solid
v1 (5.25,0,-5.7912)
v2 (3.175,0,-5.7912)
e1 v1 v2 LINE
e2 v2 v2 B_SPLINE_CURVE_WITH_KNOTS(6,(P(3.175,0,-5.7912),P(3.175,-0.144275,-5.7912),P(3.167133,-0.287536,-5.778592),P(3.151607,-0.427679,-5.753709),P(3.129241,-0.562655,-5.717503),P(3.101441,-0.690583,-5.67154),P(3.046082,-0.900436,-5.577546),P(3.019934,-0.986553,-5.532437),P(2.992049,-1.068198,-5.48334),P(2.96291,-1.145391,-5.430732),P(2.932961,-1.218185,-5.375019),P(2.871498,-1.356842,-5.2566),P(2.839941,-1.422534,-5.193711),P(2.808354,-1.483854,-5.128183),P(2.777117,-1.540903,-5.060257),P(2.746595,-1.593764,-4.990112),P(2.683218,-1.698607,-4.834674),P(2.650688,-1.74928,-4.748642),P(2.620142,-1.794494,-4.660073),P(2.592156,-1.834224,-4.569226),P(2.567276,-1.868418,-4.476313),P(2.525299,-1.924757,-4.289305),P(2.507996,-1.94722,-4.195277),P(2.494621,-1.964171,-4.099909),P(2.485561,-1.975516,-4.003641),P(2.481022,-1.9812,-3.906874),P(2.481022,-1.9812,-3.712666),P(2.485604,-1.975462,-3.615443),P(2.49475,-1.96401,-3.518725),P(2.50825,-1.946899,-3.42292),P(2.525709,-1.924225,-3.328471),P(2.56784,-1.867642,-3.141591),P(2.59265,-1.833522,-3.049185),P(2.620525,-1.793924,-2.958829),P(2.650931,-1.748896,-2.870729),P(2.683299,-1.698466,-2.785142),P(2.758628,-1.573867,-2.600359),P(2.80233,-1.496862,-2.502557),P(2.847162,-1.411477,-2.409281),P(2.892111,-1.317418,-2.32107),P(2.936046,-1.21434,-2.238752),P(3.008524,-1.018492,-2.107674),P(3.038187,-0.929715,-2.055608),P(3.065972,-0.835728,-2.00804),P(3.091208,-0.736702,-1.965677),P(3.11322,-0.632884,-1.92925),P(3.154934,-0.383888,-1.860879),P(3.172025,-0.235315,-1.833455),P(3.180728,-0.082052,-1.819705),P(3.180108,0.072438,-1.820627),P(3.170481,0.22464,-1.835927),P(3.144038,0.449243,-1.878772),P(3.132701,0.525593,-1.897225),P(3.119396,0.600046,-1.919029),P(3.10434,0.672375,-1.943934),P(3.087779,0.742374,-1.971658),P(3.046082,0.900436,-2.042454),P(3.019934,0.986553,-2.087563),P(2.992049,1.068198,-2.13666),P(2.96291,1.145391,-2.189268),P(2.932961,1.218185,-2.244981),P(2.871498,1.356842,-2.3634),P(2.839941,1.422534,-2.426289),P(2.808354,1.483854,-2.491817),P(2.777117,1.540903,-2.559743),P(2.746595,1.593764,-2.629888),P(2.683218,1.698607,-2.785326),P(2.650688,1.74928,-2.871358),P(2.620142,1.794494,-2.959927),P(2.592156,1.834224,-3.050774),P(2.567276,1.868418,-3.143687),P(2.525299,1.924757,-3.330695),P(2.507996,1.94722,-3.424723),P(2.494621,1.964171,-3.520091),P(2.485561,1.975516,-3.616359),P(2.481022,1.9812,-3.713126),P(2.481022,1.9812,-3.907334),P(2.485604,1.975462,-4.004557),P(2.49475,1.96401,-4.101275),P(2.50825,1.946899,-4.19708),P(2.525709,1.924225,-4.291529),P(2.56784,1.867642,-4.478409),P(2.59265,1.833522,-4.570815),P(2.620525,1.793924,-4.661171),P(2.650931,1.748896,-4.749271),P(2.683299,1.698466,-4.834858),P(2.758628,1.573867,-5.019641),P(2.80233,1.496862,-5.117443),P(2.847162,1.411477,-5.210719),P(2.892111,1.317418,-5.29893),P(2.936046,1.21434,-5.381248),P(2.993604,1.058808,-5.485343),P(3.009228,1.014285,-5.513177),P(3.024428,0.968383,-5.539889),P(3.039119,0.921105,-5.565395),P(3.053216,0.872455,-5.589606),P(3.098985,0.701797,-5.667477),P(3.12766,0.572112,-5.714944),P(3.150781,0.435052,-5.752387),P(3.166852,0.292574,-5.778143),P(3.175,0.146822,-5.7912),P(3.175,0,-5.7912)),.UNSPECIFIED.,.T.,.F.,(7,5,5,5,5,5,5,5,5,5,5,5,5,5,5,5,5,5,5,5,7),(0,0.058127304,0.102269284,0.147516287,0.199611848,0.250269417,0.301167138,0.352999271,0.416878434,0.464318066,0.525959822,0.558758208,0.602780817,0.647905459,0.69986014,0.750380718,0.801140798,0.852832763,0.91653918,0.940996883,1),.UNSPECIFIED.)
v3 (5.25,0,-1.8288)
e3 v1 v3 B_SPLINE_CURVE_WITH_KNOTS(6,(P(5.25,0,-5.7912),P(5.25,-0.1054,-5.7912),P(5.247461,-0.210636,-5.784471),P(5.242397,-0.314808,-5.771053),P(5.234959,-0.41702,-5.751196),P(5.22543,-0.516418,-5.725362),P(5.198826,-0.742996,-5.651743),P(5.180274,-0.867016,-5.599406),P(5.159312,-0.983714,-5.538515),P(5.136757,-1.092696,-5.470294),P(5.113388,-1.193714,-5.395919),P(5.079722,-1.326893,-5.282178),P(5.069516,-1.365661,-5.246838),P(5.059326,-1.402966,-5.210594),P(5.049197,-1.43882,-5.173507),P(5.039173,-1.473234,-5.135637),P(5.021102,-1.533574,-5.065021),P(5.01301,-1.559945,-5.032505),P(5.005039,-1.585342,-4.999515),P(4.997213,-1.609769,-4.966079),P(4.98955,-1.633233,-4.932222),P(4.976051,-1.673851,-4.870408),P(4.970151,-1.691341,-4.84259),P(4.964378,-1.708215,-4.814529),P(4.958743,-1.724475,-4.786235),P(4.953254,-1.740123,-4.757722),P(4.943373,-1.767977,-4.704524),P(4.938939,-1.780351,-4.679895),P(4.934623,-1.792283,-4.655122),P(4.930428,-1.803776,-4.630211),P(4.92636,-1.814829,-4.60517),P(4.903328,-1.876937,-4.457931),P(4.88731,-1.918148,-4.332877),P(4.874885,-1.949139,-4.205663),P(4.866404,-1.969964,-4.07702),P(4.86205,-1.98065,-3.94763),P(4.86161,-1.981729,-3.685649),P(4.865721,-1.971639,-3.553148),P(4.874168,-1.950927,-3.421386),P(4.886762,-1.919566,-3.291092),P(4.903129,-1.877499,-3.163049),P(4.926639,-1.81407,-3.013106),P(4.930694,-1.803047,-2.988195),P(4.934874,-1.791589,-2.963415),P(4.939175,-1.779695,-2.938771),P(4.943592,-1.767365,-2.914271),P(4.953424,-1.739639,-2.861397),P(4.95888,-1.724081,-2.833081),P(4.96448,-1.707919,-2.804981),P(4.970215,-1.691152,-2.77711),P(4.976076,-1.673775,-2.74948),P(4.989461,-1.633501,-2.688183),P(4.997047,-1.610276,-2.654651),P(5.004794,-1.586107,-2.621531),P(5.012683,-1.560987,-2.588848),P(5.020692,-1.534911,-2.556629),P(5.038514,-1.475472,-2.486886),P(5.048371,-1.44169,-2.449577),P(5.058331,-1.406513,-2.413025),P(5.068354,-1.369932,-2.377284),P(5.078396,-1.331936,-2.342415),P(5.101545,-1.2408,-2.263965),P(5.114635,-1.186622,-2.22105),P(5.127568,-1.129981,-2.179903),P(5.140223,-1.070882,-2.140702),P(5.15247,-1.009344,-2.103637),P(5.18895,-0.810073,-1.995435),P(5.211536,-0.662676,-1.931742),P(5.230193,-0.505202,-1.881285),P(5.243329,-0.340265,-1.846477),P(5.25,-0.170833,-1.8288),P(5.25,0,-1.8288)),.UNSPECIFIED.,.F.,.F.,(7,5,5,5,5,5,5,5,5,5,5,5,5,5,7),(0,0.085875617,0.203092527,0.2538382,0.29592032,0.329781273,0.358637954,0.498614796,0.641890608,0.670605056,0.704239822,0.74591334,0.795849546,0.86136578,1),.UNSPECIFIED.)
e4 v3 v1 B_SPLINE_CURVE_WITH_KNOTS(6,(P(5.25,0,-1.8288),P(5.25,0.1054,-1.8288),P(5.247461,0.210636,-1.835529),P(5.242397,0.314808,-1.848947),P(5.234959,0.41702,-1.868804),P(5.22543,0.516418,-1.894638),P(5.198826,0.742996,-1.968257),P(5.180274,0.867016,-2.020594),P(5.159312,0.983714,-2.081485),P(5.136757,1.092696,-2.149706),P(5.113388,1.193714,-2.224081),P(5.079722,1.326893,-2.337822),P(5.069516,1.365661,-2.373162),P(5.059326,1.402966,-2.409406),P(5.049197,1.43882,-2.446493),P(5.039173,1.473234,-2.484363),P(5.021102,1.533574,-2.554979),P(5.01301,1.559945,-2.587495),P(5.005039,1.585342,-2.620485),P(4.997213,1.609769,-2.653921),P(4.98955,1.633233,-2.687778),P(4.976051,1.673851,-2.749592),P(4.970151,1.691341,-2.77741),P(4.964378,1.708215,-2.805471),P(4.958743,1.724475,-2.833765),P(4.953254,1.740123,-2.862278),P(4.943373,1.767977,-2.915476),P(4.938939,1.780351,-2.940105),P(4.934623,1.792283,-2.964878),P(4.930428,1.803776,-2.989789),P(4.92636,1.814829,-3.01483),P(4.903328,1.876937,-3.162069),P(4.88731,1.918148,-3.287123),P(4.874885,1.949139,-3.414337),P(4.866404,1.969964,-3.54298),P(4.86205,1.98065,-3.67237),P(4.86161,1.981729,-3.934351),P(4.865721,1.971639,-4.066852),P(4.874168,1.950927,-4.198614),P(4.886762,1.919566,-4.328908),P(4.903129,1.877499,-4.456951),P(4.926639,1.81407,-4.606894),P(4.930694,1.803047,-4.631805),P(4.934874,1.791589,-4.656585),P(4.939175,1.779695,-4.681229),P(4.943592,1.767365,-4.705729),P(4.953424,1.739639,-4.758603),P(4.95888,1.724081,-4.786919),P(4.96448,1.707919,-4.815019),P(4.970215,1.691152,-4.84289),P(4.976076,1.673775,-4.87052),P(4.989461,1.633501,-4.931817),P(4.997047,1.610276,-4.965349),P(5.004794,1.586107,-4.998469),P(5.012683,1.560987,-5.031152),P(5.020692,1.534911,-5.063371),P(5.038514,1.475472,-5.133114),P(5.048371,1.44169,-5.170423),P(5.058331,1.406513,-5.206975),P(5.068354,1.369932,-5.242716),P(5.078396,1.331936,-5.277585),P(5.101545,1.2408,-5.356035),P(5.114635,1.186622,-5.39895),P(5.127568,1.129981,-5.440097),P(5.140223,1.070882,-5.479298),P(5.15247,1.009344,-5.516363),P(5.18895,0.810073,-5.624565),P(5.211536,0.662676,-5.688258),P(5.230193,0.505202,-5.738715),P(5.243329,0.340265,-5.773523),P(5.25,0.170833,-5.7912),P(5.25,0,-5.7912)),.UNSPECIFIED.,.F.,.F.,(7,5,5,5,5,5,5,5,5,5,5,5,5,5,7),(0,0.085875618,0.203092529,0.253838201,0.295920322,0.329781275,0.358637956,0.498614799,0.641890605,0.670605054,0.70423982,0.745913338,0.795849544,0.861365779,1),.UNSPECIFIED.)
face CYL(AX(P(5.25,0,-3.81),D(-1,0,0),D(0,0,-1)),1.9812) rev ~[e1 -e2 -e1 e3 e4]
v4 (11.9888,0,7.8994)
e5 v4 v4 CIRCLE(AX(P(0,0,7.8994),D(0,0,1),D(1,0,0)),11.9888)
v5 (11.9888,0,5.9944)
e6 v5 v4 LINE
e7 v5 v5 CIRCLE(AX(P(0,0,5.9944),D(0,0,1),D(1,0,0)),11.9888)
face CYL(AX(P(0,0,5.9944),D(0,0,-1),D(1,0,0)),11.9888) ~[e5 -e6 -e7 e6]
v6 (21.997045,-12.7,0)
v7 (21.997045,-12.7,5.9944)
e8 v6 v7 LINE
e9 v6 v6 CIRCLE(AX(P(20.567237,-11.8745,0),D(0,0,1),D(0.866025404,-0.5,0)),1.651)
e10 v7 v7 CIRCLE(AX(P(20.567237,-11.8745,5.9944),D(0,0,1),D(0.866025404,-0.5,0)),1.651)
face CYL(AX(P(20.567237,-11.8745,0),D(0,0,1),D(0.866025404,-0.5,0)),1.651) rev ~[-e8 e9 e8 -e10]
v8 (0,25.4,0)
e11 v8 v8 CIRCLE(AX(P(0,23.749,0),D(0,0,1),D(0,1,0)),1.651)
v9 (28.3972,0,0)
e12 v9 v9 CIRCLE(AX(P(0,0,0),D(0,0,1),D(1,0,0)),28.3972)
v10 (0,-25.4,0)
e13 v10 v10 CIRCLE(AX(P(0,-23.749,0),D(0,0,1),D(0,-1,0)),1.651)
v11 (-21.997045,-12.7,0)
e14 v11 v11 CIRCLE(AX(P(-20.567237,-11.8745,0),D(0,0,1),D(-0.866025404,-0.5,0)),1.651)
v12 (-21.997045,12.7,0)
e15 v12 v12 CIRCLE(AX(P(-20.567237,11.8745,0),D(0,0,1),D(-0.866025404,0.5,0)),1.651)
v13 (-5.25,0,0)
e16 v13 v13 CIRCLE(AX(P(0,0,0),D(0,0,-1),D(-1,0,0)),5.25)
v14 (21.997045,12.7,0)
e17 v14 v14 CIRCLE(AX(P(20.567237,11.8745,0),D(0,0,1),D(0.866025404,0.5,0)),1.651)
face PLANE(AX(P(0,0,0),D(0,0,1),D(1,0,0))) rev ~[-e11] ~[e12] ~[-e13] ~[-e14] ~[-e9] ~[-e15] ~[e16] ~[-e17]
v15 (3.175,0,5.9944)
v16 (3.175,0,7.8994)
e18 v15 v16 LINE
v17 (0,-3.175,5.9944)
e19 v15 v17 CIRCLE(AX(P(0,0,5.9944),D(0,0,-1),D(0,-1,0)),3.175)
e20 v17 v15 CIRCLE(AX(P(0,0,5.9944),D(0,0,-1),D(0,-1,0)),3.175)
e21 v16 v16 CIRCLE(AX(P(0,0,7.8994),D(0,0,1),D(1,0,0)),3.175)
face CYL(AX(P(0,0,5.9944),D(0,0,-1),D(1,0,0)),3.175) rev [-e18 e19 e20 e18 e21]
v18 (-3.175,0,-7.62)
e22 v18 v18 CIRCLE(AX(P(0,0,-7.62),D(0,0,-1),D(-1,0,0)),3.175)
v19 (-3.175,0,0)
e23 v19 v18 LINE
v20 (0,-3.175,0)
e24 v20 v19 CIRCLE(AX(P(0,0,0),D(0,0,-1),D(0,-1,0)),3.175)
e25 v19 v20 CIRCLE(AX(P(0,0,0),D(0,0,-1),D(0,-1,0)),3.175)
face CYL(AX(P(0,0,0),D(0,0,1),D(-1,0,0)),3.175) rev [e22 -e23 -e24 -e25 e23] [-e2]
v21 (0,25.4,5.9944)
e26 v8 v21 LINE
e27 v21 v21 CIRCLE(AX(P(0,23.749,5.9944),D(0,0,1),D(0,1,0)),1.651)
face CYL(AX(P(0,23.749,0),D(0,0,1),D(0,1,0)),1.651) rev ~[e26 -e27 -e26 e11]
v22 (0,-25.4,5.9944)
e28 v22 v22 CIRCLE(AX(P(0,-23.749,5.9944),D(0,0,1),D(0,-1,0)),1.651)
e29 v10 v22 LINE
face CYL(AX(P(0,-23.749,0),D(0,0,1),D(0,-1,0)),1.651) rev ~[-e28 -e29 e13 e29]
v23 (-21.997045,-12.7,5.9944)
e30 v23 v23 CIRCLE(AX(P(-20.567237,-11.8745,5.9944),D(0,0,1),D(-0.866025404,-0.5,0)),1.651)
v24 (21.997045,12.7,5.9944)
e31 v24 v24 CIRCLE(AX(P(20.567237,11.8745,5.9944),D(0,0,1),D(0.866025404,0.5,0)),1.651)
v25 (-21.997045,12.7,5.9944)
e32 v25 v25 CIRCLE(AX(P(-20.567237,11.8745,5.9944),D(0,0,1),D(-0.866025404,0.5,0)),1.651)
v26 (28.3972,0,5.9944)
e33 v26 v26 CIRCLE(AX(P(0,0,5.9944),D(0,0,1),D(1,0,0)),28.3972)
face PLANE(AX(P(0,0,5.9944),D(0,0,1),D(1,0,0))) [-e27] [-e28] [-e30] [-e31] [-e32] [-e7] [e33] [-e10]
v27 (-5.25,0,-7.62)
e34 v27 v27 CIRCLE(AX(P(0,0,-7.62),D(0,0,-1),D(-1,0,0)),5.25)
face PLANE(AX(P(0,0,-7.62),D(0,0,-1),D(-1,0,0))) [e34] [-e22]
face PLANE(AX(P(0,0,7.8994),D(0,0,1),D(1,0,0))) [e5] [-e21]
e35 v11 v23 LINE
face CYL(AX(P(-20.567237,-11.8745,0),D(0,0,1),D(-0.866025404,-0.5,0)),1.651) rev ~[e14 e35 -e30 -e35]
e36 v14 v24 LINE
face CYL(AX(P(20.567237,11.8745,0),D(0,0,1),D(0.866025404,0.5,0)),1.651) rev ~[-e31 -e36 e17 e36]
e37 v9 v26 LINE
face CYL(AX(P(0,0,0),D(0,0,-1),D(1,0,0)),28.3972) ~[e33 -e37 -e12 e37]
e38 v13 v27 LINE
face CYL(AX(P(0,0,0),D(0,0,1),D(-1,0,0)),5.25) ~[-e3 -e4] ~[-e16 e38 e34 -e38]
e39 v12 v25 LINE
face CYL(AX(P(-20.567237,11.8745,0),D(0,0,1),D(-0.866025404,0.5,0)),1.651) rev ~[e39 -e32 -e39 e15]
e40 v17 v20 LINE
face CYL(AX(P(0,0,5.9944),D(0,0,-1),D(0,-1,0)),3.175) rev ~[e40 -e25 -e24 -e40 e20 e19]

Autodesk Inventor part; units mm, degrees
ref_plane "YZ Plane" through (0, 0, 0) normal (1, 0, 0) x (0, 1, 0)
ref_plane "XZ Plane" through (0, 0, 0) normal (0, 1, 0) x (-1, 0, 0)
sketch "Sketch1" plane through (0, 0, 0) normal (0, 0, 1) x (1, 0, 0)
  circle A0 centre (0, 0) radius 28.3972
  dimension "d0" = 56.7944
extrude "Extrusion1" add sketch "Sketch1" along normal blind 5.9944
sketch "Sketch2" plane through (0, 0, 5.9944) normal (0, 0, 1) x (1, 0, 0)
  point P0 (0, 0)
  point P1 (0, 0)
hole "Hole1" at (0, 0, 5.9944) direction (0, 0, -1) diameter 6.35 depth 5.9944
sketch "Sketch3" plane through (0, 0, 0) normal (0, 0, -1) x (-1, 0, 0)
  circle A0 centre (0, 0) radius 3.175 construction
  line L0 (0, 0) -> (0, 23.749) construction
  dimension "d10" = 23.749
hole "Hole2" at (0, 23.749, 0) direction (0, 0, 1) diameter 3.302 depth 12.2936 tip angle 118 thread size "8-32 UNC" class "2B" standard "ANSI Unified Screw Threads"
pattern_circular "Circular Pattern1" count 6 over 360 about axis through (0, 0, 2.9972) along (0, 0, 1) of "Hole2"
sketch "Sketch4" plane through (0, 0, 5.9944) normal (0, 0, 1) x (1, 0, 0)
  circle A0 centre (0, 0) radius 3.175 projected
  circle A1 centre (0, 0) radius 11.9888
  dimension "d22" = 23.9776
extrude "Extrusion2" add sketch "Sketch4" along normal blind 1.905
sketch "Sketch5" plane through (0, 0, 0) normal (0, 0, -1) x (-1, 0, 0)
  circle A0 centre (0, 0) radius 5.25
  circle A1 centre (0, 0) radius 3.175
  dimension "d25" = 10.5
extrude "Extrusion3" add sketch "Sketch5" along normal blind 7.62
sketch "Sketch6" plane through (0, 0, -7.62) normal (0, 0, -1) x (-1, 0, 0)
  circle A0 centre (0, 0) radius 5.25 projected
  point P0 (-5.25, 0)
ref_plane "Work Plane1" through (5.25, 0, -7.62) normal (1, 0, 0) x (0, 1, 0)
sketch "Sketch7" plane through (5.25, 0, -7.62) normal (1, 0, 0) x (0, 1, 0)
  line L0 (0, 0) -> (0, 3.81) construction
  point P0 (0, 7.62)
  dimension "d28" = 3.81
hole "Hole3" at (5.25, 0, -3.81) direction (-1, 0, 0) diameter 3.9624 depth 6.35 tip angle 118 thread size "10-32 UNF" class "2B" standard "ANSI Unified Screw Threads"
properties part number "Mecanum Wheel Adapter Plate"
